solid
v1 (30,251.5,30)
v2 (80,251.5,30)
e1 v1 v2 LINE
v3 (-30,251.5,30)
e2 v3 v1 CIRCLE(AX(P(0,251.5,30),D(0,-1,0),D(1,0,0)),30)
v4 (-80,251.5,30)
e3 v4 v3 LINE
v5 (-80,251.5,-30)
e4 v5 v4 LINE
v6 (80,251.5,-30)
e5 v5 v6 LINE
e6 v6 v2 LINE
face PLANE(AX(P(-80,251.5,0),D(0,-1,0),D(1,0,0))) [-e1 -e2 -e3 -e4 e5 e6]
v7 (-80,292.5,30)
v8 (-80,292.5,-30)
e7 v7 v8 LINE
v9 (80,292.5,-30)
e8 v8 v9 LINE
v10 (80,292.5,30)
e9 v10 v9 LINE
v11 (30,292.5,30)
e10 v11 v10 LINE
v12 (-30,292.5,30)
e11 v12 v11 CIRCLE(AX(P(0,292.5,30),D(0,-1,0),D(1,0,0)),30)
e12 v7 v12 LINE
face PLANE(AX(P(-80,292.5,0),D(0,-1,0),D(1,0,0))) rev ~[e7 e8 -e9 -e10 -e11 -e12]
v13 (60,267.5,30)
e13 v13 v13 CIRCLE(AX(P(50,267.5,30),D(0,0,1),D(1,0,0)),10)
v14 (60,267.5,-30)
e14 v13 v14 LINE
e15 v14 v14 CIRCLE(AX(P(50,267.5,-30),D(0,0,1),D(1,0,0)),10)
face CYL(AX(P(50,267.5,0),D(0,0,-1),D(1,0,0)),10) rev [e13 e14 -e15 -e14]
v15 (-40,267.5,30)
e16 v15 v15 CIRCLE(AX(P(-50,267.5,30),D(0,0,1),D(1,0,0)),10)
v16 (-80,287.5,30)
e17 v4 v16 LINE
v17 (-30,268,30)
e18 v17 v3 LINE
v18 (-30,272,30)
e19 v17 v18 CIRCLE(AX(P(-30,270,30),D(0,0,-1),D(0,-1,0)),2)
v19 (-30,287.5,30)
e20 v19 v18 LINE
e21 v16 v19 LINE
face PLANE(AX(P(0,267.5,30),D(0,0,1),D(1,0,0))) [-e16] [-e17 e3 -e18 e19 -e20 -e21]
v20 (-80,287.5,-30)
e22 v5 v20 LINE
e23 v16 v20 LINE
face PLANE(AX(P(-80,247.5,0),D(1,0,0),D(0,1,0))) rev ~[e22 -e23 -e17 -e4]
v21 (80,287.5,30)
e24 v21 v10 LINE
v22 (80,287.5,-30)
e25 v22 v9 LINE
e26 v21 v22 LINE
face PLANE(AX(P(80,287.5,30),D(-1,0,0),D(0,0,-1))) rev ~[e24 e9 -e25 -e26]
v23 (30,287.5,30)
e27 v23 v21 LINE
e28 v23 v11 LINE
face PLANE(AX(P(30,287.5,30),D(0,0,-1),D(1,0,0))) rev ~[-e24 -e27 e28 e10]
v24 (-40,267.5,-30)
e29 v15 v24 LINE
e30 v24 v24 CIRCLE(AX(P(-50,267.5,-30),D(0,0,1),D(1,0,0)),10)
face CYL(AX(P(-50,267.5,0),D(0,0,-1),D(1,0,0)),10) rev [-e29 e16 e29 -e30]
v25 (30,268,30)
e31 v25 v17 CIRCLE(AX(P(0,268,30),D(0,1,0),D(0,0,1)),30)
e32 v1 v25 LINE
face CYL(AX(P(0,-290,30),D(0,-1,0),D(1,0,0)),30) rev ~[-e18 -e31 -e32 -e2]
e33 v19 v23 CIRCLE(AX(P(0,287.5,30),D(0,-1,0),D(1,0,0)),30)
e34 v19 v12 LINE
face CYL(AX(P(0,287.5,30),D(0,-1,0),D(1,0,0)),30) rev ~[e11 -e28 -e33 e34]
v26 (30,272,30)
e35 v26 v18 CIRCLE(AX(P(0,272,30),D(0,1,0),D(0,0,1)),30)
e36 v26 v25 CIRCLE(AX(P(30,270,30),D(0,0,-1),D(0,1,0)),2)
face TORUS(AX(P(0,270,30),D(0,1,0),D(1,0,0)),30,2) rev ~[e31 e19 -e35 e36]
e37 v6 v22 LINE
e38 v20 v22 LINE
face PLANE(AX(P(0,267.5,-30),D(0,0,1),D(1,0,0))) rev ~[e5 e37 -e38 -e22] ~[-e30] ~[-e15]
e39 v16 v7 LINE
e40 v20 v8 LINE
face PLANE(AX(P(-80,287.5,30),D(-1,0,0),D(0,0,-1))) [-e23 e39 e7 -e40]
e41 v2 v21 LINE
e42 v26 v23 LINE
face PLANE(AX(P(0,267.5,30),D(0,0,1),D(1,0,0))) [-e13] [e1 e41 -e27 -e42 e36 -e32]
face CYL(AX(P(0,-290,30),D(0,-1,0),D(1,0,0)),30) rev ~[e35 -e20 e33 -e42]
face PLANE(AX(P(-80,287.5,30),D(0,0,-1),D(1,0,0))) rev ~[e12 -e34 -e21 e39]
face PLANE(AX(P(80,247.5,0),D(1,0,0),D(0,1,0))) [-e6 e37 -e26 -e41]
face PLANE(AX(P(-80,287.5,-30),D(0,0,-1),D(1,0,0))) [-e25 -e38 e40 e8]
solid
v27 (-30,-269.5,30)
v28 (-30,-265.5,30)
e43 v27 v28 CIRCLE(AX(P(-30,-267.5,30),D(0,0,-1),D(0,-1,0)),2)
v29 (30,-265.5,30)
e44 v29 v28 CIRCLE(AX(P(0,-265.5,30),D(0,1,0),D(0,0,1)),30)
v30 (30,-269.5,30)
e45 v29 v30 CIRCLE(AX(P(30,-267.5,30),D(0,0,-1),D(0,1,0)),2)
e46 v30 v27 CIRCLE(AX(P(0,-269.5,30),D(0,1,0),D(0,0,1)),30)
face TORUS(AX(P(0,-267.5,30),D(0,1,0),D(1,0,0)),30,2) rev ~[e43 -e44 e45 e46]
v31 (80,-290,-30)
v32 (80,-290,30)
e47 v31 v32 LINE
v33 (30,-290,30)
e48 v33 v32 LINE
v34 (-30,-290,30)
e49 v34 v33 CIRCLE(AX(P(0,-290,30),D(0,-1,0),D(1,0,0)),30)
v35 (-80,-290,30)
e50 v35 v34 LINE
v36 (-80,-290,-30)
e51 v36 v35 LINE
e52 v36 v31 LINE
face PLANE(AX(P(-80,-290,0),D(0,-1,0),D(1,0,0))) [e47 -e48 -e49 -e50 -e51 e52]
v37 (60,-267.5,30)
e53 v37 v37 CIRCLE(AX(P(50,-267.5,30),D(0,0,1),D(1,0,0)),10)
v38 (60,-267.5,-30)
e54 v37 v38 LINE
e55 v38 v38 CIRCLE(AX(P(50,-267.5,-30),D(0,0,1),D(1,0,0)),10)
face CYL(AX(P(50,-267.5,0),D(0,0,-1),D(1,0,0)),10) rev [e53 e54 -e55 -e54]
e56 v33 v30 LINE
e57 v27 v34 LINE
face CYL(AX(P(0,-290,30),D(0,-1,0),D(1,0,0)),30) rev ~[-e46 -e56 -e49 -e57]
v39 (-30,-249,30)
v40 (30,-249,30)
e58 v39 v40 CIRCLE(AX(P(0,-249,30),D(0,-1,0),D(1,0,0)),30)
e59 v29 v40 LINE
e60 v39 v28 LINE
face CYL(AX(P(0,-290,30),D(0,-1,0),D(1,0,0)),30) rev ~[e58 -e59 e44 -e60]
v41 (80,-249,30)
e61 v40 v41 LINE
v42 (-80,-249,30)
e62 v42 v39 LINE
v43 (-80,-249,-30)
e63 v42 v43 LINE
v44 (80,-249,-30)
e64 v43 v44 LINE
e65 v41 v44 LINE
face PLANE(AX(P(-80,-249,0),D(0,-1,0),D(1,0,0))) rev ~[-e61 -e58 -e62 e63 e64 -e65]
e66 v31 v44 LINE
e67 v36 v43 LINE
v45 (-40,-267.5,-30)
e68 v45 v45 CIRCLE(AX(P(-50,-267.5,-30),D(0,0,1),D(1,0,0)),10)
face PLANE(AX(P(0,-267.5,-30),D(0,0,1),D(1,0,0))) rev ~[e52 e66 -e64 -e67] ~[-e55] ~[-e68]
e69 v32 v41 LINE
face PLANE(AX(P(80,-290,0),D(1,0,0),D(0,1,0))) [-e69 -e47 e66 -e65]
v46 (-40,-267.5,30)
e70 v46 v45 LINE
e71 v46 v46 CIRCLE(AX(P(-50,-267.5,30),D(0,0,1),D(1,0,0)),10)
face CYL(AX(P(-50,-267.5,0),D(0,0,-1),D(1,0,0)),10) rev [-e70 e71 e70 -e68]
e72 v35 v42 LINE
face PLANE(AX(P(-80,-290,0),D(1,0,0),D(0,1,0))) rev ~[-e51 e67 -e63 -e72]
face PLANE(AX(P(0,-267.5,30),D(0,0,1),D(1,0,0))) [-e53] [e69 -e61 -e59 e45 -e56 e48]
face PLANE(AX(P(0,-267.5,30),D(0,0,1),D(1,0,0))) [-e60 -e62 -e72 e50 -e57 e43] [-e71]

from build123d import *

# Parameters (mm, degrees)
F0_W     = 160
F0_H     = 40
F0_R     = 10
F1_DEPTH = 30
F0_H_2   = 45
F3_DEPTH = 577.501
F4_R     = 2
F6_DEPTH = 5
F7_DEPTH = 4
F8_DEPTH = 4


with BuildPart() as f1:
    # F0 (on Top) → F1 (new body, symmetric)
    with BuildSketch(Plane.XY):
        with Locations((0, 267.5)):
            Rectangle(F0_W, F0_H)
        with Locations((-50, 267.5)):
            Circle(F0_R, mode=Mode.SUBTRACT)
        with Locations((50, 267.5)):
            Circle(F0_R, mode=Mode.SUBTRACT)
    extrude(amount=F1_DEPTH, both=True)


with BuildPart() as f1b:
    # F0 (on Top) → F1, piece 2 (new body, symmetric)
    with BuildSketch(Plane.XY):
        with Locations((0, -267.5)):
            Rectangle(F0_W, F0_H_2)
        with Locations((-50, -267.5)):
            Circle(F0_R, mode=Mode.SUBTRACT)
        with Locations((50, -267.5)):
            Circle(F0_R, mode=Mode.SUBTRACT)
    extrude(amount=F1_DEPTH, both=True)


with BuildPart() as f3_tool:
    # F2 (on face) → F3 (new body, through all)
    with BuildSketch(Plane.XZ.offset(290)):
        with BuildLine():
            ThreePointArc((-30, 30), (0, 0), (30, 30))
            Line((30, 30), (-30, 30))
        make_face()
        with BuildLine():
            Line((-30, 30), (30, 30))
            ThreePointArc((30, 30), (0, 60), (-30, 30))
        make_face()
    extrude(amount=-F3_DEPTH)


with BuildPart() as f1_1:
    add(f1.part)

    # F3: cut by f3_tool
    add(f3_tool.part, mode=Mode.SUBTRACT)


with BuildPart() as f1b_1:
    add(f1b.part)

    # F3: cut by f3_tool
    add(f3_tool.part, mode=Mode.SUBTRACT)


with BuildPart() as f5_tool:
    # F4 (on face) → F5 (revolve)
    with BuildSketch(Plane.XY.offset(30)):
        with Locations((30, 270)):
            Circle(F4_R)
        with Locations((30, -267.5)):
            Circle(F4_R)
    revolve(axis=Axis((0, -0.4611611366, 30), (0, 1, 0)))


with BuildPart() as f1_2:
    add(f1_1.part)

    # F5: cut by f5_tool
    add(f5_tool.part, mode=Mode.SUBTRACT)

    # F6 (add): a face of the model
    f6_faces = [f1_2.faces().sort_by_distance(p)[0] for p in [
        (0, 287.5, -2.9820004893),
    ]]
    extrude(f6_faces, amount=F6_DEPTH)

    # F8 (cut): a face of the model
    f8_faces = [f1_2.faces().sort_by_distance(p)[0] for p in [
        (0, 247.5, -2.9820004893),
    ]]
    extrude(f8_faces, amount=-F8_DEPTH, mode=Mode.SUBTRACT)


with BuildPart() as f1b_2:
    add(f1b_1.part)

    # F5: cut by f5_tool
    add(f5_tool.part, mode=Mode.SUBTRACT)

    # F7 (cut): a face of the model
    f7_faces = [f1b_2.faces().sort_by_distance(p)[0] for p in [
        (0, -245, -2.9820004893),
    ]]
    extrude(f7_faces, amount=-F7_DEPTH, mode=Mode.SUBTRACT)


solid = Compound([f1_2.part, f1b_2.part])
